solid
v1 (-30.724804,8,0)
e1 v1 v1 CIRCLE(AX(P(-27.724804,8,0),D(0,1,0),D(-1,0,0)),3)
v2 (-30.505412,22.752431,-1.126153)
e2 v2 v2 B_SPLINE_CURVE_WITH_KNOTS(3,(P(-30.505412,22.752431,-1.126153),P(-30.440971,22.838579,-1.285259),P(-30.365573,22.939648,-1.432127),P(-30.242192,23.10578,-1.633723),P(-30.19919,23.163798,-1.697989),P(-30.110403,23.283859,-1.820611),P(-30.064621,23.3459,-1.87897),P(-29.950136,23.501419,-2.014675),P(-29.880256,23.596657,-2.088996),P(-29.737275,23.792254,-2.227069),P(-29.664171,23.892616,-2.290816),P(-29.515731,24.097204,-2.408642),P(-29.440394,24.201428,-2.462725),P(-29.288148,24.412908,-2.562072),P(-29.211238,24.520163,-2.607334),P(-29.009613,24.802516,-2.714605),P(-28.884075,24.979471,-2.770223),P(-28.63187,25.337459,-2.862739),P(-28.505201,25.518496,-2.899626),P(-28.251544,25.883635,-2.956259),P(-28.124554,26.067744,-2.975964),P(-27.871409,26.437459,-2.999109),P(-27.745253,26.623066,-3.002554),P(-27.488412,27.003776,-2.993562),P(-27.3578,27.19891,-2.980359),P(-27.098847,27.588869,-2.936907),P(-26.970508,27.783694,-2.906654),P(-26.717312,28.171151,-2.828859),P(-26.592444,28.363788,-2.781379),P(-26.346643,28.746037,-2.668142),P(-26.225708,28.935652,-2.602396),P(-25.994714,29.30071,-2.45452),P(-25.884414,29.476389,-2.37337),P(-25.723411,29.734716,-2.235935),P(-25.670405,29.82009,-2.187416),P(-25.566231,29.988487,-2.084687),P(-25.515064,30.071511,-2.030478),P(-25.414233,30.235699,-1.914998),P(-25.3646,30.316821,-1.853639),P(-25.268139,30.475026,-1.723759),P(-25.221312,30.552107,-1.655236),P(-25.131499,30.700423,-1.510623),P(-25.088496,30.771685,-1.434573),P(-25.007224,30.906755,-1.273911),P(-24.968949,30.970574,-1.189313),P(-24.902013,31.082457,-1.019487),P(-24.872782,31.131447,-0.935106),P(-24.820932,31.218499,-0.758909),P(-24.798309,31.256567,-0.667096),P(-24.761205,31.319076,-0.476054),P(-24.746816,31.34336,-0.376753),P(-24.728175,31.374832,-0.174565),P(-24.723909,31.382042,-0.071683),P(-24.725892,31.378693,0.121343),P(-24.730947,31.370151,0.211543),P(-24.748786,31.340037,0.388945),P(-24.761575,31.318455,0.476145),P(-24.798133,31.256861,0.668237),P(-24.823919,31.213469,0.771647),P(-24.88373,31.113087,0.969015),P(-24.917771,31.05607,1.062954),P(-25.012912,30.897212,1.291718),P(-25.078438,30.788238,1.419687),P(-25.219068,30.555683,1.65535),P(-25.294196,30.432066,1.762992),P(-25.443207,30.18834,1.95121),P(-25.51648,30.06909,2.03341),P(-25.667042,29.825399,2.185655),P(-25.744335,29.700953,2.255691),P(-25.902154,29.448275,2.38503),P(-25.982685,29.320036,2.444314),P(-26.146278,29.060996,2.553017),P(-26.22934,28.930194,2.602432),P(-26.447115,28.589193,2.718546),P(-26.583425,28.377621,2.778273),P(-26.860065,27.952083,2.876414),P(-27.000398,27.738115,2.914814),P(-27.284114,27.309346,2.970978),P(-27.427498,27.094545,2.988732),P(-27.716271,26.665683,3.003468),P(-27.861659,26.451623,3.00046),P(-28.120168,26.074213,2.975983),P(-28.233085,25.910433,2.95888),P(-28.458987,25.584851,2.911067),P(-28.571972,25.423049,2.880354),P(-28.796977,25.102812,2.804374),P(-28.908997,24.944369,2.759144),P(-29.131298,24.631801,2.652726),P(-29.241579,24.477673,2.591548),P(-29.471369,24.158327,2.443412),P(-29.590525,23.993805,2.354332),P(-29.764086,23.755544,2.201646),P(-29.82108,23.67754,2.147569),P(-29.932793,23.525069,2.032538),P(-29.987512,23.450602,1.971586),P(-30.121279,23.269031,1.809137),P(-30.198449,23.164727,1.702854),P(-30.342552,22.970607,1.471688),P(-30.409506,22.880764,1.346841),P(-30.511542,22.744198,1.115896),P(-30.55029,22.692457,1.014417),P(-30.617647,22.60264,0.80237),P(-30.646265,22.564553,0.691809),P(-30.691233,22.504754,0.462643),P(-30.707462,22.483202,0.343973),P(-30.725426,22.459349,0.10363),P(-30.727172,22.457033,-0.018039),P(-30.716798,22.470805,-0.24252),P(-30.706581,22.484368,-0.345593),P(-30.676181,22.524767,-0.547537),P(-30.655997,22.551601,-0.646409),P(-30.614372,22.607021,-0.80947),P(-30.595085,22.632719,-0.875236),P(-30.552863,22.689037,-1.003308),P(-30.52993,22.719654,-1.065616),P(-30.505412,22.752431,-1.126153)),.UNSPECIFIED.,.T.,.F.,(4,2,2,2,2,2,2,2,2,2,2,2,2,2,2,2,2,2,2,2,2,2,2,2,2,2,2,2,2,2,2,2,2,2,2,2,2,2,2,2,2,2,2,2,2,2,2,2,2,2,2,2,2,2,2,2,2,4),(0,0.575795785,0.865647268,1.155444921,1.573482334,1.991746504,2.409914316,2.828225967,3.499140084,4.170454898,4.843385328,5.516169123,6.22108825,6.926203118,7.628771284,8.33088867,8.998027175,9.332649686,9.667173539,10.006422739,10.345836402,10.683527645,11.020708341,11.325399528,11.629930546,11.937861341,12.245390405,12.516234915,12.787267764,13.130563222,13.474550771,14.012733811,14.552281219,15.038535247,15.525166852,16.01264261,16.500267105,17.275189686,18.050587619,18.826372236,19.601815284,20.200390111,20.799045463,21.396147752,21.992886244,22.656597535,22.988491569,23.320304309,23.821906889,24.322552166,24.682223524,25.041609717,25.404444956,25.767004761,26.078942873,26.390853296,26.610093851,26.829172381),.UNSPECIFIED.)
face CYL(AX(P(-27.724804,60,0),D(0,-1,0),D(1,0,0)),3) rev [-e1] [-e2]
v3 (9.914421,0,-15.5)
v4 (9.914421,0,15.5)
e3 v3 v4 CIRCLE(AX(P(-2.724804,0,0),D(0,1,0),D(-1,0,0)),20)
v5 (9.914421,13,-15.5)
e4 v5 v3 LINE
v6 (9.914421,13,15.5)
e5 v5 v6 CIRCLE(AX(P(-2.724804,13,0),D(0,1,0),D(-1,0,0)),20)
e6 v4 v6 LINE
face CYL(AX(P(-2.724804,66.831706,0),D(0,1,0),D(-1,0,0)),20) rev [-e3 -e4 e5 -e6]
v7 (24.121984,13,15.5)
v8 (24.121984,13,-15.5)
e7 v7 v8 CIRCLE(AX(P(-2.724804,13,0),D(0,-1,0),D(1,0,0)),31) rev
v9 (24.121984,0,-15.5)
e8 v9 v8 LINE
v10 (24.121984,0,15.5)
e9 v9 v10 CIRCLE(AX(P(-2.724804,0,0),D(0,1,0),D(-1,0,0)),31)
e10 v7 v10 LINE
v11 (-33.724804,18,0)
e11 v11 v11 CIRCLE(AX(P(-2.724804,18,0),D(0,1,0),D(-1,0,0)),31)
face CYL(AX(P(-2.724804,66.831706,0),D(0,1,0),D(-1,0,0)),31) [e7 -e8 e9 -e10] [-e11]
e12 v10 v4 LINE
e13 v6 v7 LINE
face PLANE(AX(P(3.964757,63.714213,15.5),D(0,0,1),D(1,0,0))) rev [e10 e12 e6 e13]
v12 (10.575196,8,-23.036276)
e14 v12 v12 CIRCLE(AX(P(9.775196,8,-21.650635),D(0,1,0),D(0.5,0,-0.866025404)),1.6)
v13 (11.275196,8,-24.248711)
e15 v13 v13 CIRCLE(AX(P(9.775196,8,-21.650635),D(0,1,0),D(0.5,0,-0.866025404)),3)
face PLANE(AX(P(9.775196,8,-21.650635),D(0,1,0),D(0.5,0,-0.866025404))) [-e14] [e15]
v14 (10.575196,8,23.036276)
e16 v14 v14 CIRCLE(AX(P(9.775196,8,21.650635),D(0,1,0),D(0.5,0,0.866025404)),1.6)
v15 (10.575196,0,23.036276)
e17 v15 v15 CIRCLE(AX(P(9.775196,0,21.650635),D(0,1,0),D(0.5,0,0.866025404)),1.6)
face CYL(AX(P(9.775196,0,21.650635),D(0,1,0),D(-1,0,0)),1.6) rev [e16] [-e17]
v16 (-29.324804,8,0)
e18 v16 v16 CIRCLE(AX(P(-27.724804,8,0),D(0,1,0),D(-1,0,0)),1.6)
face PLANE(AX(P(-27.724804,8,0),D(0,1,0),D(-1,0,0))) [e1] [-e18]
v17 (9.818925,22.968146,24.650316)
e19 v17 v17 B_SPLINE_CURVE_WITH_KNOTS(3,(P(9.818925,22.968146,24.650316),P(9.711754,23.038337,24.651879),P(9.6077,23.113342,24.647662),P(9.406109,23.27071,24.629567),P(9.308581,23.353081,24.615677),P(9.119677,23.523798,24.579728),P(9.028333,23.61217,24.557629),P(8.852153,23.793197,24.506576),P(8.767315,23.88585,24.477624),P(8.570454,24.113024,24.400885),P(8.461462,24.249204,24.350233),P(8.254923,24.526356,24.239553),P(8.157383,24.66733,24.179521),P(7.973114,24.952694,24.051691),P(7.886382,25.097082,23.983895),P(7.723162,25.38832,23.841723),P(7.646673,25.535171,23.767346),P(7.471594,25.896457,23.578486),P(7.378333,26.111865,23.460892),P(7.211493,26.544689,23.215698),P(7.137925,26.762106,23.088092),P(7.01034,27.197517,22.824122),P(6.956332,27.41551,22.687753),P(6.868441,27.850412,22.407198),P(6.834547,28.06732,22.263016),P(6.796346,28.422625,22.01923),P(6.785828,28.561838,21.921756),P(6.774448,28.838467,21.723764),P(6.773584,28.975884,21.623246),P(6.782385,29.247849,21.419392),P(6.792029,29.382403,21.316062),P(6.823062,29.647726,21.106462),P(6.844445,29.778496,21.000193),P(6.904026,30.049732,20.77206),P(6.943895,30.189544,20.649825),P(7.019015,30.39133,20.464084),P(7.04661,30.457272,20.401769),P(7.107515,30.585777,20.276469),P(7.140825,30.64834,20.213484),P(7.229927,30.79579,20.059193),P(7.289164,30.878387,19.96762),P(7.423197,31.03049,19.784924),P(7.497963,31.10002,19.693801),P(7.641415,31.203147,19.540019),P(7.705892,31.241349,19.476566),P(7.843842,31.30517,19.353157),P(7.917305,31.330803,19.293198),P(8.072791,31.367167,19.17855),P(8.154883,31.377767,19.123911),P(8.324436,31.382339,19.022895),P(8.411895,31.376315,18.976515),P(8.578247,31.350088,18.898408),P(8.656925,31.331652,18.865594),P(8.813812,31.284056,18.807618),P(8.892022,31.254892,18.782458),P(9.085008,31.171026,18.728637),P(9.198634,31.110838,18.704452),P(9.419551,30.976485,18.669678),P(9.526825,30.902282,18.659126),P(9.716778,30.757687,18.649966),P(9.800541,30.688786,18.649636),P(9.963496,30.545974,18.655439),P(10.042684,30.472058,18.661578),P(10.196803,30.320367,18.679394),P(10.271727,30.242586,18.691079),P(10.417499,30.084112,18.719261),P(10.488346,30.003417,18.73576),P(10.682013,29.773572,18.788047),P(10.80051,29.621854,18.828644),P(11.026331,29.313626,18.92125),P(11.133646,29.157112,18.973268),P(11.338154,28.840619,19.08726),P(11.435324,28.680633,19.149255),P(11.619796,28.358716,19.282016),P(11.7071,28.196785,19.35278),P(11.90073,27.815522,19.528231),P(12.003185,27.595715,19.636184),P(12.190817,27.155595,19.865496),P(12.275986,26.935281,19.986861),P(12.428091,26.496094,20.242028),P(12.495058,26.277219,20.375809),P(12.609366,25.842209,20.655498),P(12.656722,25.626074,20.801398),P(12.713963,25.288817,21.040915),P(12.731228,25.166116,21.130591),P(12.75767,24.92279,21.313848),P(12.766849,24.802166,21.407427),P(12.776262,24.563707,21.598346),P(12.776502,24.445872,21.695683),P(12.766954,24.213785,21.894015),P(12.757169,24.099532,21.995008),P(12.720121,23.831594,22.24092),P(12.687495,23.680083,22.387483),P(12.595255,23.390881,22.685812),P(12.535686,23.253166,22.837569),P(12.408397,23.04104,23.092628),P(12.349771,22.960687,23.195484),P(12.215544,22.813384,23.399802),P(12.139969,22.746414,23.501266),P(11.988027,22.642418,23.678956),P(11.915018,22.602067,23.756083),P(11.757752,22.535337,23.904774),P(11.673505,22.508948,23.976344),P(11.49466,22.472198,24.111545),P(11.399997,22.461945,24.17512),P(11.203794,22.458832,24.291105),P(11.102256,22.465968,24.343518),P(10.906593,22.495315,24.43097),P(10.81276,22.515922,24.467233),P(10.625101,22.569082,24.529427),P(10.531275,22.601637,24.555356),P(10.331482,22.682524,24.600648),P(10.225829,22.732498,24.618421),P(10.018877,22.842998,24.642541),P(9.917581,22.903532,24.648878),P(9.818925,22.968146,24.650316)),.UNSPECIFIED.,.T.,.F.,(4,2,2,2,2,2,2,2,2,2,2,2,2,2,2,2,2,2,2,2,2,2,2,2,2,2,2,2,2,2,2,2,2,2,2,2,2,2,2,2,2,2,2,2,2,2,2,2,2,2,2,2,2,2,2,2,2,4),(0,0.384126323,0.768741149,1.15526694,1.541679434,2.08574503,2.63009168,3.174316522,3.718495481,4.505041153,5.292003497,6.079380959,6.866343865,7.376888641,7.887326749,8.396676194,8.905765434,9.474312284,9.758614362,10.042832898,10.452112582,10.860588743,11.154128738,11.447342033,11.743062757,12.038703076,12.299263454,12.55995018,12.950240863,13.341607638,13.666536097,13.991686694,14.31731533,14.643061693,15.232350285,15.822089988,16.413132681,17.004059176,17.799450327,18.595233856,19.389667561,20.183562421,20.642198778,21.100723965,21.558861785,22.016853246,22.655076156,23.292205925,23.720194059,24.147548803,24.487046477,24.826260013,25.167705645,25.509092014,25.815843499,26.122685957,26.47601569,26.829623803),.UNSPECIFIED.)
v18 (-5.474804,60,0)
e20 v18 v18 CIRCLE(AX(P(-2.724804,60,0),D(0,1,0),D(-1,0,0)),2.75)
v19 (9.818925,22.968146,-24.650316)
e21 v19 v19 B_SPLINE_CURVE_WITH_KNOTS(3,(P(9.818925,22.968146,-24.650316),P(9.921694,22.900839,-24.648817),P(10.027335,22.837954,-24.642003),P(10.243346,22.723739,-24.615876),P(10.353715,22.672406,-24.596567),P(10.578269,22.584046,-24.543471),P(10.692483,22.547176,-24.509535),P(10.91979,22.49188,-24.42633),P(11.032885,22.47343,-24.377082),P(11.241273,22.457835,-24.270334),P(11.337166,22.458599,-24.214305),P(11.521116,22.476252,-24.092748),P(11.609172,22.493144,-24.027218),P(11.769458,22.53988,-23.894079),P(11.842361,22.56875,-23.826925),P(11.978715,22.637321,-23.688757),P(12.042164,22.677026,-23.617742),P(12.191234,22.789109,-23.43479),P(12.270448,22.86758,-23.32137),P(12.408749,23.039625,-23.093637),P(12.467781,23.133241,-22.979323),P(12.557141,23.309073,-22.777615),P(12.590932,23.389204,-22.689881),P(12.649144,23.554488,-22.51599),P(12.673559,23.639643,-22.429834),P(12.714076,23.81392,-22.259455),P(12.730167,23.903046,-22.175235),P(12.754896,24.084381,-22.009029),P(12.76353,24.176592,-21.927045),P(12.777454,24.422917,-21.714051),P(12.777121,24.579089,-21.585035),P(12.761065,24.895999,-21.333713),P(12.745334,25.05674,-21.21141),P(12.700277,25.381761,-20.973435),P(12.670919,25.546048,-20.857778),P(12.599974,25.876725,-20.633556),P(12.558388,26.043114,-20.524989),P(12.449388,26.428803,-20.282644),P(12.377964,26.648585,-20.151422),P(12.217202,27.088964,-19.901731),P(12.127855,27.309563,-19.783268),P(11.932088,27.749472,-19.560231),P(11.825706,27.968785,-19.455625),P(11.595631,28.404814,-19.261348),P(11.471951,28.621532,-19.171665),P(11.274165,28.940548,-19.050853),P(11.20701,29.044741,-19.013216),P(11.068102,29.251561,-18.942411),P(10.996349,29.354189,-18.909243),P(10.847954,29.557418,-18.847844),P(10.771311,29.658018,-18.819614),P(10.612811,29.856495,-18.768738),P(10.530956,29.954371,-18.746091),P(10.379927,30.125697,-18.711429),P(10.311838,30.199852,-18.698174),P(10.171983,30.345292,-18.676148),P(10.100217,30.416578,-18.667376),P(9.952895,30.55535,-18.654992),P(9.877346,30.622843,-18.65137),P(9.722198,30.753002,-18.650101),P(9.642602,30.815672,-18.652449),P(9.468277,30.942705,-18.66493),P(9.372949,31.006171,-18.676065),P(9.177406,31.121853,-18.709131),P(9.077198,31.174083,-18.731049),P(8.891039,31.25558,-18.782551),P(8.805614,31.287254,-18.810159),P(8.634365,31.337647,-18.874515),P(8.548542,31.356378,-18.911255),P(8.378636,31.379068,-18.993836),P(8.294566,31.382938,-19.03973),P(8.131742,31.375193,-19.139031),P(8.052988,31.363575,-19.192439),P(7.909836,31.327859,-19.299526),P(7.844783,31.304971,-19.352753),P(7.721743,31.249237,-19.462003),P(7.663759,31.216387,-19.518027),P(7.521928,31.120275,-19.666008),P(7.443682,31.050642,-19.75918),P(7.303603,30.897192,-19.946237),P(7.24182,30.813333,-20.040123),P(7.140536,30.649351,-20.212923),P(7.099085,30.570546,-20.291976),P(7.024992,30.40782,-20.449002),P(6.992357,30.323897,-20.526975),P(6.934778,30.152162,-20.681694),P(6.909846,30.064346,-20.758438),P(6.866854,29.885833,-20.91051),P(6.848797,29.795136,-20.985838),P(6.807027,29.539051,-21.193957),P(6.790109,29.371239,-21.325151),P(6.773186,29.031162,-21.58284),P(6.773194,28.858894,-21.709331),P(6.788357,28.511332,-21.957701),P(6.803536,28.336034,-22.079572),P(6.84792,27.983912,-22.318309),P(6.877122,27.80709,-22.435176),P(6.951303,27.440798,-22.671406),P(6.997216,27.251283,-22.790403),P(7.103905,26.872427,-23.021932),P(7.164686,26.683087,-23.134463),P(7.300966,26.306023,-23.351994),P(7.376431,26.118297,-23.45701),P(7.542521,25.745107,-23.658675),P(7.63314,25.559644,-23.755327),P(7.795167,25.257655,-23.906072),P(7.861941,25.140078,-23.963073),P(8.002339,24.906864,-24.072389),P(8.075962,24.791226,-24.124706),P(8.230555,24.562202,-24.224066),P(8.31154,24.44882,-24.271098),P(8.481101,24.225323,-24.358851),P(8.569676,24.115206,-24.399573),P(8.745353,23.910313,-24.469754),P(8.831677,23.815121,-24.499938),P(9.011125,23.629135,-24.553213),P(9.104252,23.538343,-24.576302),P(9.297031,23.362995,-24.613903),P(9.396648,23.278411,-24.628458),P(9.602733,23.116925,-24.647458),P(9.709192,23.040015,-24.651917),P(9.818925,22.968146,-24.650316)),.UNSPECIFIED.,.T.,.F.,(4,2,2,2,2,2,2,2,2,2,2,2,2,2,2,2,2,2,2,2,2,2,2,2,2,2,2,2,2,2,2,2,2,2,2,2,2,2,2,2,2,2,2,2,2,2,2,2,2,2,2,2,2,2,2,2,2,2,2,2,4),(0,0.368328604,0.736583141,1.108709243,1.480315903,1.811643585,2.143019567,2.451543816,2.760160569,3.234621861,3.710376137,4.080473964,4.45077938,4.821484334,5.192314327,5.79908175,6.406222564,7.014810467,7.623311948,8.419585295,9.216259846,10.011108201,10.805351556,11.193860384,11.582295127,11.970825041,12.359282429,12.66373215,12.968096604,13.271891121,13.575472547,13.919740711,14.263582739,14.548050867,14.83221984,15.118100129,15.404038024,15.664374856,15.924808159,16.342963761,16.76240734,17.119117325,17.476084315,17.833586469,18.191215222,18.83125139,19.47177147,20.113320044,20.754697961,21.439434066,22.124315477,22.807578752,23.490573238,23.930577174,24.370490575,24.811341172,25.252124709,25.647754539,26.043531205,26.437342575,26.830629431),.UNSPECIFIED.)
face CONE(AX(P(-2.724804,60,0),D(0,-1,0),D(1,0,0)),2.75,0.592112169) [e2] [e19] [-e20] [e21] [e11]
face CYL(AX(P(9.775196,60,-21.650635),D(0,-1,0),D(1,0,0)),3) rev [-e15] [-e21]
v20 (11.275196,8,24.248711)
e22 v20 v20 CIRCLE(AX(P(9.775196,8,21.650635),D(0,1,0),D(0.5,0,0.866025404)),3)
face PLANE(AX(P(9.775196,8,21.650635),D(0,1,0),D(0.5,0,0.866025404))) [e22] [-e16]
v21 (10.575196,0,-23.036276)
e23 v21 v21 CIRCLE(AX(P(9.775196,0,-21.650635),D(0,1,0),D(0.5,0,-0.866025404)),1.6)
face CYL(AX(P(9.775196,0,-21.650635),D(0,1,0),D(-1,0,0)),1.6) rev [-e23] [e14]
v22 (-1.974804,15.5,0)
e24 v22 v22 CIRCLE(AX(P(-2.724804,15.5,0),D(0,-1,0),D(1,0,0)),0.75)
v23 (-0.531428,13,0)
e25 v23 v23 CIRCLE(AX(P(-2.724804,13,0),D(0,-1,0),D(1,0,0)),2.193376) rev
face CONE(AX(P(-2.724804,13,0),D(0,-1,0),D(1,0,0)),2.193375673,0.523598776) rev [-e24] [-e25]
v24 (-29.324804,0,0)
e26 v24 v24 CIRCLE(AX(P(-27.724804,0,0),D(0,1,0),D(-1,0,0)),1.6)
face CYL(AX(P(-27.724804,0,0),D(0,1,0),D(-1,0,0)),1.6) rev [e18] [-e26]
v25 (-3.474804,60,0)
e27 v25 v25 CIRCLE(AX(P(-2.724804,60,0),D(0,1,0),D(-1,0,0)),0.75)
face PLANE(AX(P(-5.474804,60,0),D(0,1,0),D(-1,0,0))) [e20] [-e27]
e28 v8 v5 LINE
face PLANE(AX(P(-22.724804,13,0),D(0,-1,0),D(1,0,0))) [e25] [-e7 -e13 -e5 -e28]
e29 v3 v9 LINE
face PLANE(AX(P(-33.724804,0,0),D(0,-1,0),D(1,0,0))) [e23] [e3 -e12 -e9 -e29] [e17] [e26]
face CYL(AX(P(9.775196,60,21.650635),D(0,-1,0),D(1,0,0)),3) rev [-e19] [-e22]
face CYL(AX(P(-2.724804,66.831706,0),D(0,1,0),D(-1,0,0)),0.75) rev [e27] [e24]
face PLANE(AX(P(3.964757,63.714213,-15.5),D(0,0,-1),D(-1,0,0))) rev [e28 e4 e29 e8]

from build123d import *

# Parameters (mm, degrees)
SKETCH2_W          = 40.136410409
SKETCH2_H          = 31
CUT_EXTRUDE1_DEPTH = 13
CUT_EXTRUDE3_START = -10
SKETCH4_R          = 3
CUT_EXTRUDE3_DEPTH = 73.147907447
SKETCH5_R          = 1.6
CUT_EXTRUDE4_DEPTH = 70.299079528
CIRPATTERN1_COUNT  = 3
CHAMFER1_SIZE      = 2.5
CHAMFER1_SIZE2     = 1.443375673


with BuildPart() as part:
    # Sketch1 → Revolve1 (revolve)
    with BuildSketch(Plane.XY):
        Polygon((-5.474803929, 60), (-33.724803929, 18), (-33.724803929, 0), (-22.724803929, 0), (-22.724803929, 13), (-3.474803929, 13), (-3.474803929, 60), align=None)
    revolve(axis=Axis((-2.724803929, 66.831705954, 0), (0, -1, 0)))

    # Sketch2 → Cut-Extrude1 (cut)
    with BuildSketch(Plane.XZ):
        with Locations((24.032962091, 0)):
            Rectangle(SKETCH2_W, SKETCH2_H)
    extrude(amount=-CUT_EXTRUDE1_DEPTH, mode=Mode.SUBTRACT)

    # Sketch4 → Cut-Extrude3 (cut)
    with BuildSketch(Plane(origin=(0, 18, 0), x_dir=(-1, 0, 0), z_dir=(0, 1, 0)).offset(CUT_EXTRUDE3_START)):
        with Locations(Location((27.724803929, 0, 0), (0, 0, 179.999995067))):
            Circle(SKETCH4_R)
    cut_extrude3 = extrude(amount=CUT_EXTRUDE3_DEPTH, mode=Mode.SUBTRACT)

    # Sketch5 → Cut-Extrude4 (cut, through all)
    with BuildSketch(Plane(origin=(0, 8, 0), x_dir=(1, 0, 0), z_dir=(0, 1, 0))):
        with Locations(Location((-27.724803929, 0, 0), (0, 0, 180))):
            Circle(SKETCH5_R)
    cut_extrude4 = extrude(amount=-CUT_EXTRUDE4_DEPTH, mode=Mode.SUBTRACT)

    # CirPattern1: Cut-Extrude3, Cut-Extrude4 ×3 about axis
    cirpattern1_axis = Axis((-2.724803929, 0, 0), (0, 1, 0))
    add([cut_extrude3.rotate(cirpattern1_axis, i * 360 / CIRPATTERN1_COUNT) for i in range(1, CIRPATTERN1_COUNT)], mode=Mode.SUBTRACT)
    add([cut_extrude4.rotate(cirpattern1_axis, i * 360 / CIRPATTERN1_COUNT) for i in range(1, CIRPATTERN1_COUNT)], mode=Mode.SUBTRACT)

    # Chamfer1
    chamfer1_edges = [part.edges().sort_by_distance(p)[0] for p in [
        (-1.974803929, 13, 0),
    ]]
    chamfer1_side = [part.faces().sort_by_distance(p)[0] for p in [
        (-1.974803929, 36.5, 0),
    ]]
    chamfer(chamfer1_edges, length=CHAMFER1_SIZE, length2=CHAMFER1_SIZE2, reference=chamfer1_side[0])


solid = part.part
